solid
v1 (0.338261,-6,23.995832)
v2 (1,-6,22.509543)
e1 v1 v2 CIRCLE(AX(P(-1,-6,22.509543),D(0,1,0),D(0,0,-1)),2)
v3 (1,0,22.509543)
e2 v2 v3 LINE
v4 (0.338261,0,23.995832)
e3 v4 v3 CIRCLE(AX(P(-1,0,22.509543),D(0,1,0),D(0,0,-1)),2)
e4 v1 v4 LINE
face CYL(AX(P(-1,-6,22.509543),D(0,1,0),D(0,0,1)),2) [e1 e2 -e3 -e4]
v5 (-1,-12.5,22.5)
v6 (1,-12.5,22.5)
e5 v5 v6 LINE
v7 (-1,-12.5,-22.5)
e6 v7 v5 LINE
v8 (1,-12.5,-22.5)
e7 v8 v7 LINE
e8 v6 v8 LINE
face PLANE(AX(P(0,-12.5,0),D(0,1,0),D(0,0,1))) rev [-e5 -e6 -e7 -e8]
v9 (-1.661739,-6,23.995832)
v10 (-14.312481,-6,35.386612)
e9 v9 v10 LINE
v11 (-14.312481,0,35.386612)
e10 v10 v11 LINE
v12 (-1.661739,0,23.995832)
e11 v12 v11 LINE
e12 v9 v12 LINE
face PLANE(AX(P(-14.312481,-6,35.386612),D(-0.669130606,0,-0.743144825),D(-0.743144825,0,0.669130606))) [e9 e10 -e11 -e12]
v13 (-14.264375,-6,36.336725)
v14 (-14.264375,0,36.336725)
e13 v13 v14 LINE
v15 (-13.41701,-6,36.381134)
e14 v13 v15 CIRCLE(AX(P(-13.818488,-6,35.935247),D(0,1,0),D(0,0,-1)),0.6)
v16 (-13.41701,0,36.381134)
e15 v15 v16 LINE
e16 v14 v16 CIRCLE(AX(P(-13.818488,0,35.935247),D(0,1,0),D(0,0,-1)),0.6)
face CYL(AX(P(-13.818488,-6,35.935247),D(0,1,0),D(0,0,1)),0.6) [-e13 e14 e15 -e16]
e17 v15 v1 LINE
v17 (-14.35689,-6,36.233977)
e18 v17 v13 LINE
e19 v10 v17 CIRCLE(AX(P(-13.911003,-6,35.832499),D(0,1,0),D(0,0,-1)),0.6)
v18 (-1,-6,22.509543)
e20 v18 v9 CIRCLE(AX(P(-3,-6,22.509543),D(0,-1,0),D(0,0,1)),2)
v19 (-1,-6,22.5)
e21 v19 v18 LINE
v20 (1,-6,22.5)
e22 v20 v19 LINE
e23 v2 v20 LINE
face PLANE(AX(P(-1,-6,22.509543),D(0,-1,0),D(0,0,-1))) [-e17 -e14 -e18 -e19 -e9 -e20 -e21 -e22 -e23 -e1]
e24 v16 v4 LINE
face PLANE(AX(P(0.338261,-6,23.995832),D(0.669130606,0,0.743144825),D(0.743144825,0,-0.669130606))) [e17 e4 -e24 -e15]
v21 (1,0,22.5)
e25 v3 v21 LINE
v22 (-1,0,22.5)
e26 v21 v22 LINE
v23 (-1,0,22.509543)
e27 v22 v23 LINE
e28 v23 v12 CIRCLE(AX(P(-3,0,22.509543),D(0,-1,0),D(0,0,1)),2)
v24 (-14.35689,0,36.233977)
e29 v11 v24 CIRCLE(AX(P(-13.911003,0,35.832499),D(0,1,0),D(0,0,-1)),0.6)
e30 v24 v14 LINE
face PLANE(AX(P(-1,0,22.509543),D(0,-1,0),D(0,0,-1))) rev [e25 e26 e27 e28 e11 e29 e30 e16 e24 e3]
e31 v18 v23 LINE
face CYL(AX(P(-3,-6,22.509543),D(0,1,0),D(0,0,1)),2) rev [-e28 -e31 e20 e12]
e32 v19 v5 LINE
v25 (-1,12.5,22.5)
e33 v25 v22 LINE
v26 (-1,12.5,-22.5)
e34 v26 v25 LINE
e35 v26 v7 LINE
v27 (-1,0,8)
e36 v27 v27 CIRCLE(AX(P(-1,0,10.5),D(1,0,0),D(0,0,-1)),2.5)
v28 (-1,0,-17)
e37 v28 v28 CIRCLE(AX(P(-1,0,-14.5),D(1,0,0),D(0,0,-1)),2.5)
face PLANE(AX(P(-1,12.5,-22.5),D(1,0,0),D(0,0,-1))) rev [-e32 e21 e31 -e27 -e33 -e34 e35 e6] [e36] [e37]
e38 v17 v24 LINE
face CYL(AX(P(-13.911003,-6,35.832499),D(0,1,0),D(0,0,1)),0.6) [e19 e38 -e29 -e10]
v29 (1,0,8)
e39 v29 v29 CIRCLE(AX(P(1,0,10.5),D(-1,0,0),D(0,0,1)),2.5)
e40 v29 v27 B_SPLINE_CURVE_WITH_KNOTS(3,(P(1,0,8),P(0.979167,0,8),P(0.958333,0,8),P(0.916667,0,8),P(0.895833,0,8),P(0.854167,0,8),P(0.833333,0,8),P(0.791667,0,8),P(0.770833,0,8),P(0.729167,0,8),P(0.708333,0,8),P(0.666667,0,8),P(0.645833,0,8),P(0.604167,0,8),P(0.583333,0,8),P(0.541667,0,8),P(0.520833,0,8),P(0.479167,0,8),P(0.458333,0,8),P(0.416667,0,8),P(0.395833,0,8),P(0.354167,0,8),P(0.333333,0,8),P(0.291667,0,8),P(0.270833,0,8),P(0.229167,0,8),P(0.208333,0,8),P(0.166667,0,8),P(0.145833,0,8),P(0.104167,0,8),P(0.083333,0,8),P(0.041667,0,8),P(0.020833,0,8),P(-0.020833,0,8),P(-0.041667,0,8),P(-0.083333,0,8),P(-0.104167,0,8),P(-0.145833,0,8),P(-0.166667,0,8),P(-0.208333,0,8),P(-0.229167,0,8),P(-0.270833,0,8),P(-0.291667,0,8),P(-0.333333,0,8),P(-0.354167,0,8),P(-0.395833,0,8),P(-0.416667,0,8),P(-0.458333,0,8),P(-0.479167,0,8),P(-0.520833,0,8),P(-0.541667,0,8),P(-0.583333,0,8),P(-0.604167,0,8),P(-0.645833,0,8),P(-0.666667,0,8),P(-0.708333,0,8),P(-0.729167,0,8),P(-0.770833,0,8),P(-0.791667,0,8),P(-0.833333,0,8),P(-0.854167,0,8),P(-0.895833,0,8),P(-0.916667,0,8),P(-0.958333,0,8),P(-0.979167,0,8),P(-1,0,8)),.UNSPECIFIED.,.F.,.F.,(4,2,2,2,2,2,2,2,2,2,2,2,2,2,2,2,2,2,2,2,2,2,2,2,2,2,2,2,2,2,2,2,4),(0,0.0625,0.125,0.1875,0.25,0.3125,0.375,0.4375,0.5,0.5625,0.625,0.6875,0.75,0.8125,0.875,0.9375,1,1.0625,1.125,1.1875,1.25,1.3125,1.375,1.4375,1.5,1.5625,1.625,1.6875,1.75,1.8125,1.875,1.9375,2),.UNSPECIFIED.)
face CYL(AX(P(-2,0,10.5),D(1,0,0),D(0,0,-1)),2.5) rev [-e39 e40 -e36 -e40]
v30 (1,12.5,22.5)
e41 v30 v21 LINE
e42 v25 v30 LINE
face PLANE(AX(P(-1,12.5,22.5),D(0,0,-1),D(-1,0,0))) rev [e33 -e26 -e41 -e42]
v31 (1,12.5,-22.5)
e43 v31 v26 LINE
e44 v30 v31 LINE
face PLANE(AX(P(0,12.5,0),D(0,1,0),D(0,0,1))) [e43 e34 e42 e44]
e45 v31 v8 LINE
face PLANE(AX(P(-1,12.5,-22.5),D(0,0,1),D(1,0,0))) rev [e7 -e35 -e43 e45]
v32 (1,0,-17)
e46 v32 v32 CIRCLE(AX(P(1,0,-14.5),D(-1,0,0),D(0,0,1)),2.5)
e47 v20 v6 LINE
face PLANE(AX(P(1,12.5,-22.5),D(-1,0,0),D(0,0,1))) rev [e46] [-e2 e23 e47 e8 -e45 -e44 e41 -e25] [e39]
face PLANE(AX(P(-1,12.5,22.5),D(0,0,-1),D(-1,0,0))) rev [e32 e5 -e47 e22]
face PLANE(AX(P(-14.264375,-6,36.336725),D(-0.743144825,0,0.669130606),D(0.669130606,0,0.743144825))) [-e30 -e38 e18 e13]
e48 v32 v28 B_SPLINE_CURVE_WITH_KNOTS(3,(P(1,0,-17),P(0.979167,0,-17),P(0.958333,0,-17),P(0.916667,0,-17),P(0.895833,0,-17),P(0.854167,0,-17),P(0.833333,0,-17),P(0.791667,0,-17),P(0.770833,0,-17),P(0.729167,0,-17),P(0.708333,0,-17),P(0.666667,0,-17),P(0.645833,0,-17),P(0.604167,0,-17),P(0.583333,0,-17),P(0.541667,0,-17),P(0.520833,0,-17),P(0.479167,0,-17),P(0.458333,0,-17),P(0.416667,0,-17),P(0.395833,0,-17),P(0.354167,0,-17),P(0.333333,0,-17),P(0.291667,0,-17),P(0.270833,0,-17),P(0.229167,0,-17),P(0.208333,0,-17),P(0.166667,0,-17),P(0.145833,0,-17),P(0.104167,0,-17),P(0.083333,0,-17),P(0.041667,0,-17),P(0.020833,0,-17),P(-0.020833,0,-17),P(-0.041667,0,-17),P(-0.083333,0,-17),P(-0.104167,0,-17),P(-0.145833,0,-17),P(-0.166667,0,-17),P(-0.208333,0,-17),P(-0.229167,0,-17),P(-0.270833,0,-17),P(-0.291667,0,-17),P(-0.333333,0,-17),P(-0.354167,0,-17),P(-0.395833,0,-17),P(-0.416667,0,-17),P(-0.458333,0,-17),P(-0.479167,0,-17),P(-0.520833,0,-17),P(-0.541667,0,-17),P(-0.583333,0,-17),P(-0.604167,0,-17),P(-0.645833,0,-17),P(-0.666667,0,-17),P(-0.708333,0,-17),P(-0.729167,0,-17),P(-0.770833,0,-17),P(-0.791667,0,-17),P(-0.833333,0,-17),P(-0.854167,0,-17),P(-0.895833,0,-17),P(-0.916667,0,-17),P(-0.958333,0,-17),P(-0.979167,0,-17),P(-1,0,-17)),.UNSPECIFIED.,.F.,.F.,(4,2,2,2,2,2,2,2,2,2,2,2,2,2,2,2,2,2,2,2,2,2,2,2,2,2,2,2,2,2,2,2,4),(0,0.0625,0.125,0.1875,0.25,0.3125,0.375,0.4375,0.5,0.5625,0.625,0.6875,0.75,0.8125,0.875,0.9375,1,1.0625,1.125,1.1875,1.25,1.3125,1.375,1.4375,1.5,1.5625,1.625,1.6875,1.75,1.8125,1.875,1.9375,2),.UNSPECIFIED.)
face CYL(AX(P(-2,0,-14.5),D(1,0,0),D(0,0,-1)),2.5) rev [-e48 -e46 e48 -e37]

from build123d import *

# Parameters (mm, degrees)
SKETCH1_W           = 2
SKETCH1_H           = 45
BOSS_EXTRUDE1_DEPTH = 12.5
BOSS_EXTRUDE2_START = -12.5
BOSS_EXTRUDE2_DEPTH = 6
SKETCH3_R           = 2.5
CUT_EXTRUDE1_DEPTH  = 3


with BuildPart() as part:
    # Sketch1 → Boss-Extrude1 (new, symmetric)
    with BuildSketch(Plane(origin=(0, 0, 0), x_dir=(1, 0, 0), z_dir=(0, 1, 0))):
        Rectangle(SKETCH1_W, SKETCH1_H)
    extrude(amount=BOSS_EXTRUDE1_DEPTH, both=True)

    # Sketch2 → Boss-Extrude2 (add)
    with BuildSketch(Plane(origin=(0, 12.5, 0), x_dir=(1, 0, 0), z_dir=(0, 1, 0)).offset(BOSS_EXTRUDE2_START)):
        with BuildLine():
            Line((1, -22.5), (1, -22.509542629))
            ThreePointArc((1, -22.509542629), (0.827090915, -23.323015916), (0.338261213, -23.99583228))
            Line((0.338261213, -23.99583228), (-13.417009614, -36.381133763))
            ThreePointArc((-13.417009614, -36.381133763), (-13.849889552, -36.534424589), (-14.264374873, -36.336725232))
            Line((-14.264374873, -36.336725232), (-14.356889682, -36.233977127))
            ThreePointArc((-14.356889682, -36.233977127), (-14.510180508, -35.80109719), (-14.312481151, -35.386611868))
            Line((-14.312481151, -35.386611868), (-1.661738787, -23.99583228))
            ThreePointArc((-1.661738787, -23.99583228), (-1.172909085, -23.323015916), (-1, -22.509542629))
            Line((-1, -22.509542629), (-1, -22.5))
            Line((-1, -22.5), (1, -22.5))
        make_face()
    extrude(amount=-BOSS_EXTRUDE2_DEPTH)

    # Sketch3 → Cut-Extrude1 (cut, symmetric)
    with BuildSketch(Plane(origin=(1, 0, 0), x_dir=(0, 0, -1), z_dir=(1, 0, 0))):
        with Locations((-10.5, 0)):
            Circle(SKETCH3_R)
        with Locations((14.5, 0)):
            Circle(SKETCH3_R)
    extrude(amount=CUT_EXTRUDE1_DEPTH, both=True, mode=Mode.SUBTRACT)


solid = part.part
